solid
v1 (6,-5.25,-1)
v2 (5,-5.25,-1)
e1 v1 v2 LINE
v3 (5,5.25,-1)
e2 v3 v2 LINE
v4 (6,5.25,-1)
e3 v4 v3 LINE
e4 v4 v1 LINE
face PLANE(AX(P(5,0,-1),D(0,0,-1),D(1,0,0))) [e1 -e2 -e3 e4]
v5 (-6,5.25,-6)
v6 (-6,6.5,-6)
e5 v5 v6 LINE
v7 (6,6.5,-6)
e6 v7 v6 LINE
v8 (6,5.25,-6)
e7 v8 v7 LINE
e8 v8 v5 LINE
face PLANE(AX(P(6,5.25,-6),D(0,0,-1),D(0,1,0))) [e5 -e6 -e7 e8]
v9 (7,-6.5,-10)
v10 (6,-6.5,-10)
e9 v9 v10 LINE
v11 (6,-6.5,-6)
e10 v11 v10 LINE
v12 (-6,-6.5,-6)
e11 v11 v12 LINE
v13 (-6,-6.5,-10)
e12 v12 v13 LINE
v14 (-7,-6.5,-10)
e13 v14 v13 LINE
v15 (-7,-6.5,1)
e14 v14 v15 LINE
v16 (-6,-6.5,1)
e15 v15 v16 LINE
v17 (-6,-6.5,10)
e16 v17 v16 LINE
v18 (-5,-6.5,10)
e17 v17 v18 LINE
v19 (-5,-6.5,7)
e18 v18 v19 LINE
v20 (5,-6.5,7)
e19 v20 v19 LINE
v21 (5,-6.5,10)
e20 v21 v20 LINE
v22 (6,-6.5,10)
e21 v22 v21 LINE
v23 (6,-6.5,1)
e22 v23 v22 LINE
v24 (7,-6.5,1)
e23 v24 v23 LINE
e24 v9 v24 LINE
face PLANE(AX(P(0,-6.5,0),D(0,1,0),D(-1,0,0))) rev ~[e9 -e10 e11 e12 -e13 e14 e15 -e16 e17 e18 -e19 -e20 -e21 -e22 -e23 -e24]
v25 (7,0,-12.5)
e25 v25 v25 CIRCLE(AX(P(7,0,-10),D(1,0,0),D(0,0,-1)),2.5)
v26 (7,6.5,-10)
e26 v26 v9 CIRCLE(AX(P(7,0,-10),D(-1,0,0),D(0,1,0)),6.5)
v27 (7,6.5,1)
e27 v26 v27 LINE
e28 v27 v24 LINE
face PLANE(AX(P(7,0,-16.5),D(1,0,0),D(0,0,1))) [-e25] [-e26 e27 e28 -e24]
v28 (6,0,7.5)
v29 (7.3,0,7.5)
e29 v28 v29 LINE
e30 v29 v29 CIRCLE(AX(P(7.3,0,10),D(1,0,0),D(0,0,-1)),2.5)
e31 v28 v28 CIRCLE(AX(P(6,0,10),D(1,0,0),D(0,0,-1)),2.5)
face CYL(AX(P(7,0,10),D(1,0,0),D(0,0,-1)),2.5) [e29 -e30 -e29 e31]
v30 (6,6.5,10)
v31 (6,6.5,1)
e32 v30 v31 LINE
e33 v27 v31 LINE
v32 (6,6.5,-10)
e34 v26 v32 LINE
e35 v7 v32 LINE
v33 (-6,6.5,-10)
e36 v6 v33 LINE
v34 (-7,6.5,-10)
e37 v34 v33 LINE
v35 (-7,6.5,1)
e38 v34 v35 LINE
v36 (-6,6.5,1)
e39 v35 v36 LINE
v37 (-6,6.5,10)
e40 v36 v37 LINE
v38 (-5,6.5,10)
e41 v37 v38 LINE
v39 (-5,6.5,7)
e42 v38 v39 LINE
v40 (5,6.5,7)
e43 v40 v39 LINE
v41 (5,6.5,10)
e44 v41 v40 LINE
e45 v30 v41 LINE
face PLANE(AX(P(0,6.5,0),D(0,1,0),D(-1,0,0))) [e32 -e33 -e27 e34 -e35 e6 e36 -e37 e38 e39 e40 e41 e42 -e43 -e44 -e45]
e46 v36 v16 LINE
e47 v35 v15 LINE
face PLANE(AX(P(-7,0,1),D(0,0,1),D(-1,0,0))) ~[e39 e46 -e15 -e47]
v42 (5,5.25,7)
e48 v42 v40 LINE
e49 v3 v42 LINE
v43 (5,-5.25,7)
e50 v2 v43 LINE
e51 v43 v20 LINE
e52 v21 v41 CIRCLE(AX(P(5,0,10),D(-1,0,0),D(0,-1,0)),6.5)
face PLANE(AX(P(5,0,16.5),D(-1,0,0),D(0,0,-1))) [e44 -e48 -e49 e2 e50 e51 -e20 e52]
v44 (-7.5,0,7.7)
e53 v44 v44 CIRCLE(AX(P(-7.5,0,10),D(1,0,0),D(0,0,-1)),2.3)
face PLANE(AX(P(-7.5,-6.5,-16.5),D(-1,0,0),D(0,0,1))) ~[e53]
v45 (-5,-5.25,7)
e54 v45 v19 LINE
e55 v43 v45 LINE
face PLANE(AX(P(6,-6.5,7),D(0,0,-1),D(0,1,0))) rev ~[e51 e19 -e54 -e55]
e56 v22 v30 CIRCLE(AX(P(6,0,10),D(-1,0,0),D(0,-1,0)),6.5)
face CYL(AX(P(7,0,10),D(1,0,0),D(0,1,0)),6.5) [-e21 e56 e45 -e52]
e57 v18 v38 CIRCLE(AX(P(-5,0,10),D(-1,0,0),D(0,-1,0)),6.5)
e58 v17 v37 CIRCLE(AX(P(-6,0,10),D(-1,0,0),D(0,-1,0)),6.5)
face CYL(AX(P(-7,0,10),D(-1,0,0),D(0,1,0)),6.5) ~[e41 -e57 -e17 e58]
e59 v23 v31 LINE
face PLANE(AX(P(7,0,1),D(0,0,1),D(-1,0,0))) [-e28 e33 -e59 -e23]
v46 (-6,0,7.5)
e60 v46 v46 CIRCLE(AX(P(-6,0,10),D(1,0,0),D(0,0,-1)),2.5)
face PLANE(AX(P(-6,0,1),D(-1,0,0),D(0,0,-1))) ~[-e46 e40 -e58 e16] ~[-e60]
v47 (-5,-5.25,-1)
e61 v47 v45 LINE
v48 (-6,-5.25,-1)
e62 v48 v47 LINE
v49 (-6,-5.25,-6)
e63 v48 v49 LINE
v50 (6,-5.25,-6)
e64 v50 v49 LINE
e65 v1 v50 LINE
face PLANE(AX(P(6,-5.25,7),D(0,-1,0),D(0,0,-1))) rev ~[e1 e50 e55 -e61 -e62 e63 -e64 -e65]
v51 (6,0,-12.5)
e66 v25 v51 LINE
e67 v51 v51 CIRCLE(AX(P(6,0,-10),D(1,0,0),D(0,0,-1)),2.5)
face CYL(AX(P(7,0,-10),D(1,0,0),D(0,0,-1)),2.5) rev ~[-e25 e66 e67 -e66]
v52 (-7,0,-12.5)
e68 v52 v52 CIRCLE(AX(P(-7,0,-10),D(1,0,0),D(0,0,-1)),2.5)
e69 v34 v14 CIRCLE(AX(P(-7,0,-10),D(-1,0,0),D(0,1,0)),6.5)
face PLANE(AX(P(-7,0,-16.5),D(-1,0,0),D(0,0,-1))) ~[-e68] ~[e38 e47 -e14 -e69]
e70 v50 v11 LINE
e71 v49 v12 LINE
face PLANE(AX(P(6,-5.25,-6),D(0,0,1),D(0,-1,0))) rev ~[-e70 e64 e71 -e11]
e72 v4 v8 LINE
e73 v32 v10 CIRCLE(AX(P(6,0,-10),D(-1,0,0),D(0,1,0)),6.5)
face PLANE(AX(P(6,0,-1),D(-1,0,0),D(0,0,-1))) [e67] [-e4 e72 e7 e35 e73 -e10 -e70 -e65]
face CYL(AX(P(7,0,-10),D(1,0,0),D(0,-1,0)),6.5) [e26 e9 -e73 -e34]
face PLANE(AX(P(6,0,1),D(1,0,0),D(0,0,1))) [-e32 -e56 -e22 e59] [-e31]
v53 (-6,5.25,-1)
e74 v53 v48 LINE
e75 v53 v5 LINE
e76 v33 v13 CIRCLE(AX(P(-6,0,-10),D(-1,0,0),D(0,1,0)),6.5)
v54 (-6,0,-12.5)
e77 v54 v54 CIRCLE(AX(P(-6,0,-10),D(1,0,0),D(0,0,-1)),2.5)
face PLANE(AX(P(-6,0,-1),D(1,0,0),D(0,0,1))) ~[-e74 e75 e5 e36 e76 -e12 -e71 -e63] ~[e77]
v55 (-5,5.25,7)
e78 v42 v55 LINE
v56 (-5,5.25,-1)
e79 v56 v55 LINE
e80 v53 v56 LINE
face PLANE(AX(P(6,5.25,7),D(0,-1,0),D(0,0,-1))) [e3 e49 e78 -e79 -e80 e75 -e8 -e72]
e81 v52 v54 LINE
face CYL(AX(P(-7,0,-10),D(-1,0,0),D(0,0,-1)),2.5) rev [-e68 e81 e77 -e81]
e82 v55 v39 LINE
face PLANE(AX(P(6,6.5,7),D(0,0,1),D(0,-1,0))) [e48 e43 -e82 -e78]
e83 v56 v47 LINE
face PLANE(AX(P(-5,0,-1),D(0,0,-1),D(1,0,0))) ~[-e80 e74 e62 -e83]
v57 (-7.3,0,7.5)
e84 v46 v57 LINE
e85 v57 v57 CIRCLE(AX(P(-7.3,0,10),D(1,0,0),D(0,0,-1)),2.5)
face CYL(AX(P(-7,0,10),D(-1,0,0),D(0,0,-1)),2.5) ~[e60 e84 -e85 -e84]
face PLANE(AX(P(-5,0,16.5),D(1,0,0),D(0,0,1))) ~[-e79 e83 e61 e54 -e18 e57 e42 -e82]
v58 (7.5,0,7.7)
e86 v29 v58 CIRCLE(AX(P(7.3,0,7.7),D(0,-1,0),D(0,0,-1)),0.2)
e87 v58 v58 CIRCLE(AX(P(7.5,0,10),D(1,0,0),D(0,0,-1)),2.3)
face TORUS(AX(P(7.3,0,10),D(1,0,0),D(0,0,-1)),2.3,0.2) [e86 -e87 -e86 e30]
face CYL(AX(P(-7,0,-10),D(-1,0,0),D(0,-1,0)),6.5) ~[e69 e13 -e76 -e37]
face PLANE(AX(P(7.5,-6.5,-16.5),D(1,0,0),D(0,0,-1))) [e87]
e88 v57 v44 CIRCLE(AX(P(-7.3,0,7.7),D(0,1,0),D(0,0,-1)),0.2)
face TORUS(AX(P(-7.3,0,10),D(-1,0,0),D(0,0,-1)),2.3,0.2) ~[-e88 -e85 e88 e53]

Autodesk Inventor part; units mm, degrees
ref_plane "YZ Plane" through (0, 0, 0) normal (1, 0, 0) x (0, 1, 0)
ref_plane "XZ Plane" through (0, 0, 0) normal (0, 1, 0) x (-1, 0, 0)
sketch "Sketch1" plane through (0, 0, 0) normal (0, 1, 0) x (-1, 0, 0)
  line L0 (-5, 16.5) -> (-5, -1)
  line L1 (-5, -1) -> (-6, -1)
  line L2 (-6, -1) -> (-6, -16.5)
  line L3 (-6, -16.5) -> (-7, -16.5)
  line L4 (-7, -16.5) -> (-7, 1)
  line L5 (-7, 1) -> (-6, 1)
  line L6 (-6, 1) -> (-6, 16.5)
  line L7 (-6, 16.5) -> (-5, 16.5)
  line L8 (0, 14.862) -> (0, -14.862)
  line L9 (-6, 1) -> (-6, -1) construction
  point P0 (0, 0)
  point P1 (0, 0)
  point P2 (-6, 0)
  dimension "d0" = 12
  dimension "d1" = 10
  dimension "d2" = 33
  dimension "d3" = 2
  dimension "d20" = 1
extrude "Extrusion1" add sketch "Sketch1" along normal mid plane 13
sketch "Sketch2" plane through (7, -6.5, -16.5) normal (1, 0, 0) x (0, 0, -1)
  arc A0 (-26.5, 13) -> (-26.5, 0) centre (-26.5, 6.5) ccw
  line L0 (-17.5, 13) -> (-17.5, 0) projected
  line L1 (-33, 13) -> (-17.5, 13) projected
  line L2 (-33, 13) -> (-33, 0) projected
  line L3 (-17.5, 0) -> (-33, 0) projected
  line L4 (0, 13) -> (0, 0) projected
  line L5 (-17.5, 13) -> (0, 13) projected
  line L6 (-17.5, 13) -> (-17.5, 0) projected
  line L7 (0, 0) -> (-17.5, 0) projected
  arc A1 (-6.5, 0) -> (-6.5, 13) centre (-6.5, 6.5) ccw
  circle A2 centre (-6.5, 6.5) radius 2.5
  circle A3 centre (-26.5, 6.5) radius 2.5
  line L8 (-15.5, 13) -> (-33, 13) projected
  line L9 (-26.5, 13) -> (-33, 13)
  line L10 (-33, 13) -> (-33, 0)
  line L11 (0, 0) -> (-17.5, 0) projected
  line L12 (-6.5, 0) -> (0, 0)
  line L13 (0, 0) -> (0, 13)
  line L14 (-17.5, 13) -> (0, 13) projected
  line L15 (-6.5, 13) -> (0, 13)
  point P0 (-16.5, 6.5)
  dimension "d6" = 5
  dimension "d7" = 5
extrude "Extrusion2" cut sketch "Sketch2" against normal through all contours A0 L2 L1 | A0 L3 L2 | A1 L4 L7 | L5 L4 A1 | A2
extrude "Extrusion3" add sketch "Sketch2" along normal blind 0.5 and the other way blind 1.5 contours A3
ref_plane "Work Plane1" through (0, -6.5, -1) normal (-1, 0, 0) x (0, 0, 1)
mirror "Mirror1" about plane through (0, -6.5, -1) normal (-1, 0, 0)
sketch "Sketch3" plane through (6, -6.5, -1) normal (-1, 0, 0) x (0, 0, 1)
  line L0 (2, 13) -> (-9, 13) projected
  line L1 (-5, 13) -> (8, 13)
  line L2 (8, 13) -> (8, 11.75)
  line L3 (8, 11.75) -> (-5, 11.75)
  line L4 (-5, 11.75) -> (-5, 13)
  circle A0 centre (-9, 6.5) radius 2.5 projected
  circle A1 centre (11, 6.5) radius 2.5 projected
  line L5 (-9, 0) -> (2, 0) projected
  line L6 (-5, 0) -> (8, 0)
  line L7 (8, 0) -> (8, 1.25)
  line L8 (8, 1.25) -> (-5, 1.25)
  line L9 (-5, 1.25) -> (-5, 0)
  point P0 (1, 6.5)
  dimension "d15" = 4
  dimension "d16" = 10.5
  dimension "d17" = 3
extrude "Extrusion4" add sketch "Sketch3" along normal up to surface (12 mm away) contours L1 L2 L3 L4 L0 | L9 L8 L7 L6 L5
fillet "Fillet1" radius 0.2 2 edges at (7.5, 0, 12.5) (-7.5, 0, 12.5)
properties part number "Esteira-fesma-S10" material "Nylon 6/6"
